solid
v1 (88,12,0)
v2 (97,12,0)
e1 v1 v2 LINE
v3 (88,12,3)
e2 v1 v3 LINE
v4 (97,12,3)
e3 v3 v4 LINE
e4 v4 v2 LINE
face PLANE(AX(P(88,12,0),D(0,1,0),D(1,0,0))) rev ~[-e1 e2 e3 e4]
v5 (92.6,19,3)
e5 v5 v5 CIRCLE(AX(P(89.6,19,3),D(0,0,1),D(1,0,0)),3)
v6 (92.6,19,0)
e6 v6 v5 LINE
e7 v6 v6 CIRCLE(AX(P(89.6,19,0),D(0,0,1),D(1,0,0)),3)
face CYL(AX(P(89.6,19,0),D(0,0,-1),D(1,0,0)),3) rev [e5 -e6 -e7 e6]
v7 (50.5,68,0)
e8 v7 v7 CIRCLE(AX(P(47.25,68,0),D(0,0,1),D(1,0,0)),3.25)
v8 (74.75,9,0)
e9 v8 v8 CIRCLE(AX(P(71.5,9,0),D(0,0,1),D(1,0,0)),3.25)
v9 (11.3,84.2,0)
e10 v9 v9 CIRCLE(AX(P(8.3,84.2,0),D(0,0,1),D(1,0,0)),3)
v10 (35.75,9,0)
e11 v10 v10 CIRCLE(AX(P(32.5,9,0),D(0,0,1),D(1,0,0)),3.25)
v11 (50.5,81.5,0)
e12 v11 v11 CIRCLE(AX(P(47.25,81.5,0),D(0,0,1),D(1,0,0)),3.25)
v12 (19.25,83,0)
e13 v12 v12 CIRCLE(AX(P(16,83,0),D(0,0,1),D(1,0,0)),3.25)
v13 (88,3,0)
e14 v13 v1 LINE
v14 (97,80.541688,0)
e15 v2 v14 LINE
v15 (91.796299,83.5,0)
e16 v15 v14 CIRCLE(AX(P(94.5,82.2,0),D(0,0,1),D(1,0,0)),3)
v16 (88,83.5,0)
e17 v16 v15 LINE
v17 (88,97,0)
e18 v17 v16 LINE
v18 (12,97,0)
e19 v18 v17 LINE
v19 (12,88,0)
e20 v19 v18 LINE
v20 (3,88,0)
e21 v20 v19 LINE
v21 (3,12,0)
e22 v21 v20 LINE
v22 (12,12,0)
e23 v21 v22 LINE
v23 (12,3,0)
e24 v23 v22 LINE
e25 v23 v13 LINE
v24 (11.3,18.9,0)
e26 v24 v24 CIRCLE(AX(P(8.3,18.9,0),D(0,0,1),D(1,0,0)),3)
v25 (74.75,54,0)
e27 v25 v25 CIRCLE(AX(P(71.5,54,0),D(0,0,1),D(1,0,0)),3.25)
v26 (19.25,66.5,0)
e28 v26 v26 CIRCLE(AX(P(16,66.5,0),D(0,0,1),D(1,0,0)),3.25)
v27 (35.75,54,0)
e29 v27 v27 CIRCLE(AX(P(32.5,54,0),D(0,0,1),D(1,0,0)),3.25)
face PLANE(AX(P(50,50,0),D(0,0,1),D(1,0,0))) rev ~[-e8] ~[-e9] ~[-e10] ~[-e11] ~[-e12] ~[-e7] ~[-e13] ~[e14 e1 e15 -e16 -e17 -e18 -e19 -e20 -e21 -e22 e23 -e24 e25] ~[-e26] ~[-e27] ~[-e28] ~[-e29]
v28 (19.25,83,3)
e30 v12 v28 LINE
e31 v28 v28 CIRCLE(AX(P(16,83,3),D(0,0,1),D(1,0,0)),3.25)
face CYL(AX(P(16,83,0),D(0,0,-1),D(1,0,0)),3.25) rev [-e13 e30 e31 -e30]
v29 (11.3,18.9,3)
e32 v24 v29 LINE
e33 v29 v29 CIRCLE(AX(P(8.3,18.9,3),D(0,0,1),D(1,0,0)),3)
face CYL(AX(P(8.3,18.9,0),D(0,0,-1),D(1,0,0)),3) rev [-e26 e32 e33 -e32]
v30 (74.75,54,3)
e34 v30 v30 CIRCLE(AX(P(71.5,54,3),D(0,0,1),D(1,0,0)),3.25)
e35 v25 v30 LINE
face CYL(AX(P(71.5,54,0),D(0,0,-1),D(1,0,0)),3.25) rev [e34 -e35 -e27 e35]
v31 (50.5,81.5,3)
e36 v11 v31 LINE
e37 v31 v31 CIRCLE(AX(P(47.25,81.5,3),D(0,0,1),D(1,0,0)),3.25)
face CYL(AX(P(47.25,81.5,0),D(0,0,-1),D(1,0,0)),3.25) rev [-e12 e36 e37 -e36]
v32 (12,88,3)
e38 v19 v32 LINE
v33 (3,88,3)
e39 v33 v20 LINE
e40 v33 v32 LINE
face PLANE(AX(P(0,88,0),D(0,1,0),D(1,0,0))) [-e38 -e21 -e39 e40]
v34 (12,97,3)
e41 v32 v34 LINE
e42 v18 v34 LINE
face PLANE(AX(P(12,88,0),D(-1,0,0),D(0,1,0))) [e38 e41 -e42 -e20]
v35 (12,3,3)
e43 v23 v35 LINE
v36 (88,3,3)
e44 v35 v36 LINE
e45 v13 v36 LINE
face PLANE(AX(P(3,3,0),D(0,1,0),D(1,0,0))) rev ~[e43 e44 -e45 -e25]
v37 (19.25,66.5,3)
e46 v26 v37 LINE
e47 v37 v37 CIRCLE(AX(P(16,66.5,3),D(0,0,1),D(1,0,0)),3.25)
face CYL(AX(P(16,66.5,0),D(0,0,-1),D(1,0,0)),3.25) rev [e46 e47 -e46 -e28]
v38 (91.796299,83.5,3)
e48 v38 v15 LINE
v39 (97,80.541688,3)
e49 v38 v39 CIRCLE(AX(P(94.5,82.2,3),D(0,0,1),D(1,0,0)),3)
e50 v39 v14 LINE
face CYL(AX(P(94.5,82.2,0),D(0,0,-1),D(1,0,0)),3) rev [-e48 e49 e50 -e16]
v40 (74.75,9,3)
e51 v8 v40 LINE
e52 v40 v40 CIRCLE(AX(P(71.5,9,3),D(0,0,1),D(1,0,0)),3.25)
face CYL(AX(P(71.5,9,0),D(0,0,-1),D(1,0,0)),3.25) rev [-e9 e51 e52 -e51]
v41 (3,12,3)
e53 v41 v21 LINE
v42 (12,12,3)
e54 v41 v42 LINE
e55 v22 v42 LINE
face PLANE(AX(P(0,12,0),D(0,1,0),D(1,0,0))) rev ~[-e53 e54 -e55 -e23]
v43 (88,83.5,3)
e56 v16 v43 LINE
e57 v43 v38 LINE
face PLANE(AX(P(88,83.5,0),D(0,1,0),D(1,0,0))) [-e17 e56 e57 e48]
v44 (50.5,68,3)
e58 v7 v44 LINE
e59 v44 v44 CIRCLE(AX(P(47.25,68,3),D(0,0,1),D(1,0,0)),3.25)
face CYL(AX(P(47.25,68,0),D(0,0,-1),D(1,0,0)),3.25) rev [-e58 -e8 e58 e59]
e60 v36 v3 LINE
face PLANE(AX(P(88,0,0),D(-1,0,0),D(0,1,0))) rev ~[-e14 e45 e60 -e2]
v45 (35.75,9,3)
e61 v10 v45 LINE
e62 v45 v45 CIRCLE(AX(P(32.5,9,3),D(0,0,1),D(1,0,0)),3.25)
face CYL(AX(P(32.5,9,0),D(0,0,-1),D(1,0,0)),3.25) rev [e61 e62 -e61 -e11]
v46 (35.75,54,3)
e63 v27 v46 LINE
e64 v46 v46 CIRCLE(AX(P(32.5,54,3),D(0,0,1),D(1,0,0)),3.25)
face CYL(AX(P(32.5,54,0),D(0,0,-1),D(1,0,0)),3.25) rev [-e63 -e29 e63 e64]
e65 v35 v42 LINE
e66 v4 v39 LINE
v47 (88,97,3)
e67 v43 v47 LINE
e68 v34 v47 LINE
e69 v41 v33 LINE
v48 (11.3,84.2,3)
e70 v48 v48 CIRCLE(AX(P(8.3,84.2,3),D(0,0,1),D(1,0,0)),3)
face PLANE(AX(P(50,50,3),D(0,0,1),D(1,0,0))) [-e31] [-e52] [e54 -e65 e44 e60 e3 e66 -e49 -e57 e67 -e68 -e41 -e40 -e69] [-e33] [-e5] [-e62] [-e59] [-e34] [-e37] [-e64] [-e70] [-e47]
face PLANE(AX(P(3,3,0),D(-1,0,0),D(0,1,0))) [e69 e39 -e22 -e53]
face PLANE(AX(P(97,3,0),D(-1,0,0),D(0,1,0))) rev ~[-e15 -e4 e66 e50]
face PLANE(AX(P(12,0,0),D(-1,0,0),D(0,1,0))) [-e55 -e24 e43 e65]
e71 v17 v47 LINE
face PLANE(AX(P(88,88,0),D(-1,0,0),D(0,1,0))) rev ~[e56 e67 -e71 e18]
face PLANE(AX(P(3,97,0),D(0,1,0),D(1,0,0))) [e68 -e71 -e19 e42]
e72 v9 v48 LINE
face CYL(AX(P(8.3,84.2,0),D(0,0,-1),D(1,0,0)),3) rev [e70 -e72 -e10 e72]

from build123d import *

# Parameters (mm, degrees)
CYLINDER046_R     = 3.25
CYLINDER046_DEPTH = 3
CYLINDER044_R     = 3.25
CYLINDER044_DEPTH = 3
CYLINDER047_R     = 3.25
CYLINDER047_DEPTH = 3
CYLINDER050_R     = 3.25
CYLINDER050_DEPTH = 3
CYLINDER049_R     = 3.25
CYLINDER049_DEPTH = 3
CYLINDER045_R     = 3.25
CYLINDER045_DEPTH = 3
CYLINDER048_R     = 3.25
CYLINDER048_DEPTH = 3
CYLINDER051_R     = 3.25
CYLINDER051_DEPTH = 3
BOX006_W          = 10
BOX006_H          = 10
BOX006_DEPTH      = 3
CYLINDER008_R     = 3
CYLINDER008_DEPTH = 3
CYLINDER009_R     = 3
CYLINDER009_DEPTH = 3
CYLINDER010_R     = 3
CYLINDER010_DEPTH = 3
CYLINDER011_R     = 3
CYLINDER011_DEPTH = 3
BOX003_W          = 12
BOX003_H          = 12
BOX003_DEPTH      = 3
BOX004_W          = 12
BOX004_H          = 12
BOX004_DEPTH      = 3
BOX005_W          = 12
BOX005_H          = 12
BOX005_DEPTH      = 3
BOX002_W          = 12
BOX002_H          = 12
BOX002_DEPTH      = 3
BOX001_W          = 94
BOX001_H          = 94
BOX001_DEPTH      = 3


with BuildPart() as cylinder046:
    # Cylinder046 → Cylinder046 (new body)
    with BuildSketch(Plane(origin=(32.5, 54, 0), x_dir=(1, 0, 0), z_dir=(0, 0, 1))):
        Circle(CYLINDER046_R)
    extrude(amount=CYLINDER046_DEPTH)


with BuildPart() as cylinder044:
    # Cylinder044 → Cylinder044 (new body)
    with BuildSketch(Plane(origin=(32.5, 9, 0), x_dir=(1, 0, 0), z_dir=(0, 0, 1))):
        Circle(CYLINDER044_R)
    extrude(amount=CYLINDER044_DEPTH)


with BuildPart() as cylinder047:
    # Cylinder047 → Cylinder047 (new body)
    with BuildSketch(Plane(origin=(47.25, 68, 0), x_dir=(1, 0, 0), z_dir=(0, 0, 1))):
        Circle(CYLINDER047_R)
    extrude(amount=CYLINDER047_DEPTH)


with BuildPart() as cylinder050:
    # Cylinder050 → Cylinder050 (new body)
    with BuildSketch(Plane(origin=(16, 66.5, 0), x_dir=(1, 0, 0), z_dir=(0, 0, 1))):
        Circle(CYLINDER050_R)
    extrude(amount=CYLINDER050_DEPTH)


with BuildPart() as cylinder049:
    # Cylinder049 → Cylinder049 (new body)
    with BuildSketch(Plane(origin=(47.25, 81.5, 0), x_dir=(1, 0, 0), z_dir=(0, 0, 1))):
        Circle(CYLINDER049_R)
    extrude(amount=CYLINDER049_DEPTH)


with BuildPart() as cylinder045:
    # Cylinder045 → Cylinder045 (new body)
    with BuildSketch(Plane(origin=(71.5, 9, 0), x_dir=(1, 0, 0), z_dir=(0, 0, 1))):
        Circle(CYLINDER045_R)
    extrude(amount=CYLINDER045_DEPTH)


with BuildPart() as cylinder048:
    # Cylinder048 → Cylinder048 (new body)
    with BuildSketch(Plane(origin=(71.5, 54, 0), x_dir=(1, 0, 0), z_dir=(0, 0, 1))):
        Circle(CYLINDER048_R)
    extrude(amount=CYLINDER048_DEPTH)


with BuildPart() as fusion026:
    # Cylinder051 → Cylinder051 (new body)
    with BuildSketch(Plane(origin=(16, 83, 0), x_dir=(1, 0, 0), z_dir=(0, 0, 1))):
        Circle(CYLINDER051_R)
    extrude(amount=CYLINDER051_DEPTH)

    # Fusion026: union Cylinder046, Cylinder044, Cylinder047, Cylinder050, Cylinder049, Cylinder045, Cylinder048
    add(cylinder046.part)
    add(cylinder044.part)
    add(cylinder047.part)
    add(cylinder050.part)
    add(cylinder049.part)
    add(cylinder045.part)
    add(cylinder048.part)


with BuildPart() as cube005:
    # Box006 → Box006 (new body)
    with BuildSketch(Plane(origin=(88, 83.5, 0), x_dir=(1, 0, 0), z_dir=(0, 0, 1))):
        with Locations((5, 5)):
            Rectangle(BOX006_W, BOX006_H)
    extrude(amount=BOX006_DEPTH)


with BuildPart() as main_ata_board_mounting_screws004:
    # Cylinder008 → Cylinder008 (new body)
    with BuildSketch(Plane(origin=(8.3, 18.9, 0), x_dir=(1, 0, 0), z_dir=(0, 0, 1))):
        Circle(CYLINDER008_R)
    extrude(amount=CYLINDER008_DEPTH)


with BuildPart() as main_ata_board_mounting_screws005:
    # Cylinder009 → Cylinder009 (new body)
    with BuildSketch(Plane(origin=(8.3, 84.2, 0), x_dir=(1, 0, 0), z_dir=(0, 0, 1))):
        Circle(CYLINDER009_R)
    extrude(amount=CYLINDER009_DEPTH)


with BuildPart() as main_ata_board_mounting_screws006:
    # Cylinder010 → Cylinder010 (new body)
    with BuildSketch(Plane(origin=(89.6, 19, 0), x_dir=(1, 0, 0), z_dir=(0, 0, 1))):
        Circle(CYLINDER010_R)
    extrude(amount=CYLINDER010_DEPTH)


with BuildPart() as ata_board_mounting_screwholes:
    # Cylinder011 → Cylinder011 (new body)
    with BuildSketch(Plane(origin=(94.5, 82.2, 0), x_dir=(1, 0, 0), z_dir=(0, 0, 1))):
        Circle(CYLINDER011_R)
    extrude(amount=CYLINDER011_DEPTH)

    # Fusion004: union Main ATA Board Mounting Screws004, Main ATA Board Mounting Screws005, Main ATA Board Mounting Screws006
    add(main_ata_board_mounting_screws004.part)
    add(main_ata_board_mounting_screws005.part)
    add(main_ata_board_mounting_screws006.part)


with BuildPart() as cube002:
    # Box003 → Box003 (new body)
    with BuildSketch(Plane(origin=(88, 0, 0), x_dir=(1, 0, 0), z_dir=(0, 0, 1))):
        with Locations((6, 6)):
            Rectangle(BOX003_W, BOX003_H)
    extrude(amount=BOX003_DEPTH)


with BuildPart() as cube003:
    # Box004 → Box004 (new body)
    with BuildSketch(Plane(origin=(88, 88, 0), x_dir=(1, 0, 0), z_dir=(0, 0, 1))):
        with Locations((6, 6)):
            Rectangle(BOX004_W, BOX004_H)
    extrude(amount=BOX004_DEPTH)


with BuildPart() as cube004:
    # Box005 → Box005 (new body)
    with BuildSketch(Plane(origin=(0, 88, 0), x_dir=(1, 0, 0), z_dir=(0, 0, 1))):
        with Locations((6, 6)):
            Rectangle(BOX005_W, BOX005_H)
    extrude(amount=BOX005_DEPTH)


with BuildPart() as fusion003:
    # Box002 → Box002 (new body)
    with BuildSketch(Plane.XY):
        with Locations((6, 6)):
            Rectangle(BOX002_W, BOX002_H)
    extrude(amount=BOX002_DEPTH)

    # Fusion003: union Cube002, Cube003, Cube004
    add(cube002.part)
    add(cube003.part)
    add(cube004.part)


with BuildPart() as backplate_with_nut_recesses:
    # Box001 → Box001 (new body)
    with BuildSketch(Plane(origin=(3, 3, 0), x_dir=(1, 0, 0), z_dir=(0, 0, 1))):
        with Locations((47, 47)):
            Rectangle(BOX001_W, BOX001_H)
    extrude(amount=BOX001_DEPTH)

    # Cut001: cut Fusion003
    add(fusion003.part, mode=Mode.SUBTRACT)

    # Cut002: cut ATA Board mounting screwholes
    add(ata_board_mounting_screwholes.part, mode=Mode.SUBTRACT)

    # Cut003: cut Cube005
    add(cube005.part, mode=Mode.SUBTRACT)

    # Cut014: cut Fusion026
    add(fusion026.part, mode=Mode.SUBTRACT)


solid = backplate_with_nut_recesses.part
